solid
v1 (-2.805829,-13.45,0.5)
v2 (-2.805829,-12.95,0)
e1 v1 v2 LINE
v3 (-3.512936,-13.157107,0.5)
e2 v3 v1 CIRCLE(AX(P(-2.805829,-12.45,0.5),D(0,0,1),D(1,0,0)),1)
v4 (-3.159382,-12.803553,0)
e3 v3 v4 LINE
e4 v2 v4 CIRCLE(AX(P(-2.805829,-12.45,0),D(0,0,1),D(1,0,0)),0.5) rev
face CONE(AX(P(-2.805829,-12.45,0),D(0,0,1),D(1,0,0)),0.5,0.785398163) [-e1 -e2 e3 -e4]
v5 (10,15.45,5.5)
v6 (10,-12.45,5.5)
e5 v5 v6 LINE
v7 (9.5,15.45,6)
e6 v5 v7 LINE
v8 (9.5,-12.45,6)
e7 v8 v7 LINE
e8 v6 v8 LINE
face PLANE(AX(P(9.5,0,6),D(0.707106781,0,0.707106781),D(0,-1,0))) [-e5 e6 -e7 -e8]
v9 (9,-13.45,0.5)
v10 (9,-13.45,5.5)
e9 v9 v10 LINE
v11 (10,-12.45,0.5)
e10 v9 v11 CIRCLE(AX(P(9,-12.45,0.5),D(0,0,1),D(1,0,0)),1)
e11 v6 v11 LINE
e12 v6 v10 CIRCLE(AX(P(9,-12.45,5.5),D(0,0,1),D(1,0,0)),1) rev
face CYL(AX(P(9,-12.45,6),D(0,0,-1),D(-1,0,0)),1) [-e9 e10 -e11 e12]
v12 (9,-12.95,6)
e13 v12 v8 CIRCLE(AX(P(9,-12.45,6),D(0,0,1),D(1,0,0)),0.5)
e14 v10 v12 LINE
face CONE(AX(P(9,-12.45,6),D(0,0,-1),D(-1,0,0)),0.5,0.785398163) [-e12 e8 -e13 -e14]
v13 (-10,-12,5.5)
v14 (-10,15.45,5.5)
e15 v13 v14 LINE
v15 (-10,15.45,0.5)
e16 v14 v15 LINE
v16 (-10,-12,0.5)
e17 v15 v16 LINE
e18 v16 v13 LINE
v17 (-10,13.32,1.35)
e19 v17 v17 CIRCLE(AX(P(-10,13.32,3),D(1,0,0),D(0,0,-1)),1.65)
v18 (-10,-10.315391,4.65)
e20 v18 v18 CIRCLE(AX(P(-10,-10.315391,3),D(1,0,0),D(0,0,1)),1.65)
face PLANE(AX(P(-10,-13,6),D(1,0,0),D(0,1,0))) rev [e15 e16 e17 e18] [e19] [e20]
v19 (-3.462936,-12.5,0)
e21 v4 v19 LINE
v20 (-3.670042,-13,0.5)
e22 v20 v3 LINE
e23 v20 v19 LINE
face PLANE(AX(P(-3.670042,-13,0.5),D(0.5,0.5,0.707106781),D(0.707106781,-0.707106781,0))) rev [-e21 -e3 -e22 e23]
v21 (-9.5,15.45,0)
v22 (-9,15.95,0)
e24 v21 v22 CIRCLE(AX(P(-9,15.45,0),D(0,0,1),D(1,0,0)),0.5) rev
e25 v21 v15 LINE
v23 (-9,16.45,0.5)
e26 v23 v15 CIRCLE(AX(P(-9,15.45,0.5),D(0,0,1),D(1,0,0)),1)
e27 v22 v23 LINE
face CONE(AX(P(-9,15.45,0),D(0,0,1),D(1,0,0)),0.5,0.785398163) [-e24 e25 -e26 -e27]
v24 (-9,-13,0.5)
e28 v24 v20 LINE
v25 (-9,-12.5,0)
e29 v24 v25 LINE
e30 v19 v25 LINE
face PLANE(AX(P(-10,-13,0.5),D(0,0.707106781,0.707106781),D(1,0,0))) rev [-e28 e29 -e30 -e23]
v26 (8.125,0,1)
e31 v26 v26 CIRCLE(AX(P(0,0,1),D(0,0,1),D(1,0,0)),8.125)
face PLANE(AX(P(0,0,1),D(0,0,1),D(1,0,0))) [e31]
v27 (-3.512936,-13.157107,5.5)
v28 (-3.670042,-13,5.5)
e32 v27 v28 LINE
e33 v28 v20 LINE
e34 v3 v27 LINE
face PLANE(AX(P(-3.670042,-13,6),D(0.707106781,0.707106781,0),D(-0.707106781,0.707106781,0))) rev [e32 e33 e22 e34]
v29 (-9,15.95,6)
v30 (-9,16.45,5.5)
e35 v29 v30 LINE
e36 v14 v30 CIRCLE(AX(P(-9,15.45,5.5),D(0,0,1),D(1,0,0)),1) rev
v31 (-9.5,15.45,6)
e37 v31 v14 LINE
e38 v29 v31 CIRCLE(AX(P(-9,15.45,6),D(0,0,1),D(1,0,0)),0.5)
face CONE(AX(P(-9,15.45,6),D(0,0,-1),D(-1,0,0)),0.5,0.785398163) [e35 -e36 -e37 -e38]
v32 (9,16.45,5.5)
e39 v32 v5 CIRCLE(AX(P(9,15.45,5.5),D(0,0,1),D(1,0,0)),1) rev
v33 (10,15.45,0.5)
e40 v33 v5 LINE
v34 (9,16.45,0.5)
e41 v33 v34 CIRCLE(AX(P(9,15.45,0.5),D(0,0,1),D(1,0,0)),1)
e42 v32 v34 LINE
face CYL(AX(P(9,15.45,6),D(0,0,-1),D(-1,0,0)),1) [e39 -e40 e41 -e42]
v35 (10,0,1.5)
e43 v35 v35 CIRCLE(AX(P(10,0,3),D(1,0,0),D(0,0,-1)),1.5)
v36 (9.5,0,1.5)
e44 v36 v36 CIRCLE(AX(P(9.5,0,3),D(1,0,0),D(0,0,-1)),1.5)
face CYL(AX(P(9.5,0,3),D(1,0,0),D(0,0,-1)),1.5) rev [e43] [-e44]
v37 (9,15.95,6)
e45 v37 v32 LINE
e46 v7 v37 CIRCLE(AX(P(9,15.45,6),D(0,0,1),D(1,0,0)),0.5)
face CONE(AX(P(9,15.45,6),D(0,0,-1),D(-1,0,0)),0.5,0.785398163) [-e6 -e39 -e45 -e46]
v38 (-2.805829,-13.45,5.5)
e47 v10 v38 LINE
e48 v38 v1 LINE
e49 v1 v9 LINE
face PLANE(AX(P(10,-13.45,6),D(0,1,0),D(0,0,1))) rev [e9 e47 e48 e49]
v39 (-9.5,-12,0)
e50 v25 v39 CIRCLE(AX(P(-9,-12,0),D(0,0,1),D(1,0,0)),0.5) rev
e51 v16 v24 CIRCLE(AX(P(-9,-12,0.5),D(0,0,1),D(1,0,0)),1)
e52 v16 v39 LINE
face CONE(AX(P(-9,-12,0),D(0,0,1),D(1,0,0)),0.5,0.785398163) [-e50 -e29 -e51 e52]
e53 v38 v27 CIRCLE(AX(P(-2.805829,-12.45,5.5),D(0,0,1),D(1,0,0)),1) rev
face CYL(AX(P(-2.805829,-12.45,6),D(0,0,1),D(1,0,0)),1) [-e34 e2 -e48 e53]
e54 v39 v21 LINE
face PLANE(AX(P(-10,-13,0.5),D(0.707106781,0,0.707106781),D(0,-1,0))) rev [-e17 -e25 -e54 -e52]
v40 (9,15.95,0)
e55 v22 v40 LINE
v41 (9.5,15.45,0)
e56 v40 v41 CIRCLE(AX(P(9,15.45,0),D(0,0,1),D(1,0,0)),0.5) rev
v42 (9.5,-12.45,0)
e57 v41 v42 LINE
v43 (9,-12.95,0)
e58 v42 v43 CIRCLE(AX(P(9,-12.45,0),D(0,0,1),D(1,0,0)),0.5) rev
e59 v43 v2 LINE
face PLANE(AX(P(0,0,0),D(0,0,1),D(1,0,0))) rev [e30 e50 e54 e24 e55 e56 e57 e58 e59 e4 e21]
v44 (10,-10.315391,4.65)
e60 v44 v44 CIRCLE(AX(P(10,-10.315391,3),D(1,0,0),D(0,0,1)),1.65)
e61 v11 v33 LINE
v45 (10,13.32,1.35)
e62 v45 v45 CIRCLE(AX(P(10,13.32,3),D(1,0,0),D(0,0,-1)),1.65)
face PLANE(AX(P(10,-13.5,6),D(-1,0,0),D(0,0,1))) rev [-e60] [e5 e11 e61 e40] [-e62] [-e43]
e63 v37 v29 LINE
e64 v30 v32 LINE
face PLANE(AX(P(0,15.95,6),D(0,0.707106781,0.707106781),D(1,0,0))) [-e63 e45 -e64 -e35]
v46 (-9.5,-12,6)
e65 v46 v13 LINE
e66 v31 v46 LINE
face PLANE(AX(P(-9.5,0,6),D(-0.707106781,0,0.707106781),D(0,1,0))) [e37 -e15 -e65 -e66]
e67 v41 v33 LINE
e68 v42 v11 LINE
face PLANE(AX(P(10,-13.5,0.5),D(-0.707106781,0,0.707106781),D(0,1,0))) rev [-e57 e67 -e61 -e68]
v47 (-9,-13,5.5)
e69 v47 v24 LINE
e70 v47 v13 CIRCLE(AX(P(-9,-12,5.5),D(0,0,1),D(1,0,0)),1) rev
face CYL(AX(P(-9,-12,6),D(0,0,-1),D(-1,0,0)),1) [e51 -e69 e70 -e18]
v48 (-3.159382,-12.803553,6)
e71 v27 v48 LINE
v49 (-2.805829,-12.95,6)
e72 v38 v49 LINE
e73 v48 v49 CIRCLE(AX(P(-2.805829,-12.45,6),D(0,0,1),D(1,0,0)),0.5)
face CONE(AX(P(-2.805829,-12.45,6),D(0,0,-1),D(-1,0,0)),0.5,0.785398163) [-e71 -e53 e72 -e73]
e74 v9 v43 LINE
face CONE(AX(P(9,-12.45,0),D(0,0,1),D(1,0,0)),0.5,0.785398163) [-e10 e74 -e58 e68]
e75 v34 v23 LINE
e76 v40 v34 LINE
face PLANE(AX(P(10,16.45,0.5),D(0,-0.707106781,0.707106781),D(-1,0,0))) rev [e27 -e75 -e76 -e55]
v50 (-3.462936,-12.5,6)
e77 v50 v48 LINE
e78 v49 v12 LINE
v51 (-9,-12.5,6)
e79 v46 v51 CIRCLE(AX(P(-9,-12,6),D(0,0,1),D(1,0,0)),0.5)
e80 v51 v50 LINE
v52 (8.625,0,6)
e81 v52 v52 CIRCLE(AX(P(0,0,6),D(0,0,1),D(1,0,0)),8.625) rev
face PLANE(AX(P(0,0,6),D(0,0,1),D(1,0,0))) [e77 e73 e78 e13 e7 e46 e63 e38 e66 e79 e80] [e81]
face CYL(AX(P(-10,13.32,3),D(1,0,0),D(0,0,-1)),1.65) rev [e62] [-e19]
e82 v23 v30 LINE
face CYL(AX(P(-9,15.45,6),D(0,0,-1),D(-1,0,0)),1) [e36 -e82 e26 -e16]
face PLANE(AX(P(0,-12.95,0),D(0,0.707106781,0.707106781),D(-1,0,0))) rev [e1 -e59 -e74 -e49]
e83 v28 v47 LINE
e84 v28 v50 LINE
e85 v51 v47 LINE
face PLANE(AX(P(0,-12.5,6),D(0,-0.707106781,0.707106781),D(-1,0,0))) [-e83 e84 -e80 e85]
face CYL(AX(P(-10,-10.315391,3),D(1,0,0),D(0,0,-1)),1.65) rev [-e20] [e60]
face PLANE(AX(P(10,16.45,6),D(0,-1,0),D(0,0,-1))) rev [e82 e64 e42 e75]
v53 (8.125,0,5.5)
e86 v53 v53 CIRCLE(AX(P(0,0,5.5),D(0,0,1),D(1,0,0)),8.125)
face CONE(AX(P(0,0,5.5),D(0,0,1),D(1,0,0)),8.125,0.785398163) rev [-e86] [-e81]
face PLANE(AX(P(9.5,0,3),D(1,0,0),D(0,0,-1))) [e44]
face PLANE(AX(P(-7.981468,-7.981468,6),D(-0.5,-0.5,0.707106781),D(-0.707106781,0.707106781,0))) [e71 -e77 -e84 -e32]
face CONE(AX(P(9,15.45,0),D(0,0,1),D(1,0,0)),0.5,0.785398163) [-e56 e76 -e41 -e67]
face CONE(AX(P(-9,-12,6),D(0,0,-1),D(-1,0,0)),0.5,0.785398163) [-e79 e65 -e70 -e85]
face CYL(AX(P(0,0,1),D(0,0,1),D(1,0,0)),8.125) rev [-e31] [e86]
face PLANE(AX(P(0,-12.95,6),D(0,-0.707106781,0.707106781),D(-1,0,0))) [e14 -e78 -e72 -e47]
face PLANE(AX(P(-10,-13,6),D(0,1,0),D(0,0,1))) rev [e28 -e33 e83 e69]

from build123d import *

# Parameters (mm, degrees)
BOSS_EXTRUDE1_DEPTH = 6
SKETCH2_R           = 8.125
CUT_EXTRUDE1_DEPTH  = 5
SKETCH3_R           = 1.5
CUT_EXTRUDE2_DEPTH  = 0.5
SKETCH4_R           = 1.65
CUT_EXTRUDE3_DEPTH  = 21
SKETCH5_W           = 20
SKETCH5_H           = 0.05
CUT_EXTRUDE4_DEPTH  = 7
FILLET1_R           = 1
CHAMFER1_SIZE       = 0.5


with BuildPart() as part:
    # Sketch1 → Boss-Extrude1 (new body)
    with BuildSketch(Plane.XY):
        Polygon((-3.170042294, -13.5), (10, -13.5), (10, 13.5), (10, 16.5), (-10, 16.5), (-10, 13.5), (-10, -13), (-3.670042294, -13), align=None)
    extrude(amount=BOSS_EXTRUDE1_DEPTH)

    # Sketch2 → Cut-Extrude1 (cut)
    with BuildSketch(Plane.XY.offset(6)):
        Circle(SKETCH2_R)
    extrude(amount=-CUT_EXTRUDE1_DEPTH, mode=Mode.SUBTRACT)

    # Sketch3 → Cut-Extrude2 (cut)
    with BuildSketch(Plane(origin=(10, 0, 0), x_dir=(0, 0, -1), z_dir=(1, 0, 0))):
        with Locations((-3, 0)):
            Circle(SKETCH3_R)
    extrude(amount=-CUT_EXTRUDE2_DEPTH, mode=Mode.SUBTRACT)

    # Sketch4 → Cut-Extrude3 (cut, through all)
    with BuildSketch(Plane(origin=(10, 0, 0), x_dir=(0, 0, -1), z_dir=(1, 0, 0))):
        with Locations((-3, 13.32)):
            Circle(SKETCH4_R)
        with Locations((-3, -10.31539104)):
            Circle(SKETCH4_R)
    extrude(amount=-CUT_EXTRUDE3_DEPTH, mode=Mode.SUBTRACT)

    # Sketch5 → Cut-Extrude4 (cut, through all)
    with BuildSketch(Plane(origin=(0, 0, 0), x_dir=(-1, 0, 0), z_dir=(0, 0, -1))):
        with Locations((0, 16.475)):
            Rectangle(SKETCH5_W, SKETCH5_H)
        with Locations((0, -13.475)):
            Rectangle(SKETCH5_W, SKETCH5_H)
    extrude(amount=-CUT_EXTRUDE4_DEPTH, mode=Mode.SUBTRACT)

    # Fillet1
    fillet1_edges = [part.edges().sort_by_distance(p)[0] for p in [
        (-10, -13, 3),
        (-10, 16.45, 3),
        (10, 16.45, 3),
        (-3.220042294, -13.45, 3),
        (10, -13.45, 3),
    ]]
    fillet(fillet1_edges, radius=FILLET1_R)

    # Chamfer1
    chamfer1_edges = [part.edges().sort_by_distance(p)[0] for p in [
        (-9.707106781, 16.157106781, 0),
        (9.707106781, -13.157106781, 0),
        (-3.188512164, -13.373879533, 0),
        (-3.591488904, -13.078553391, 6),
        (-8.125, 0, 6),
        (0, 16.45, 6),
        (-10, 1.725, 6),
        (-6.335021147, -13, 6),
        (3.097085634, -13.45, 6),
        (10, 1.5, 6),
        (-9.707106781, -12.707106781, 6),
        (9.707106781, 16.157106781, 6),
        (-9.707106781, 16.157106781, 6),
        (9.707106781, -13.157106781, 6),
        (-3.591488904, -13.078553391, 0),
        (-3.188512164, -13.373879533, 6),
        (3.097085634, -13.45, 0),
        (-10, 1.725, 0),
        (0, 16.45, 0),
        (10, 1.5, 0),
        (-6.335021147, -13, 0),
        (-9.707106781, -12.707106781, 0),
        (9.707106781, 16.157106781, 0),
    ]]
    chamfer(chamfer1_edges, length=CHAMFER1_SIZE)


solid = part.part
